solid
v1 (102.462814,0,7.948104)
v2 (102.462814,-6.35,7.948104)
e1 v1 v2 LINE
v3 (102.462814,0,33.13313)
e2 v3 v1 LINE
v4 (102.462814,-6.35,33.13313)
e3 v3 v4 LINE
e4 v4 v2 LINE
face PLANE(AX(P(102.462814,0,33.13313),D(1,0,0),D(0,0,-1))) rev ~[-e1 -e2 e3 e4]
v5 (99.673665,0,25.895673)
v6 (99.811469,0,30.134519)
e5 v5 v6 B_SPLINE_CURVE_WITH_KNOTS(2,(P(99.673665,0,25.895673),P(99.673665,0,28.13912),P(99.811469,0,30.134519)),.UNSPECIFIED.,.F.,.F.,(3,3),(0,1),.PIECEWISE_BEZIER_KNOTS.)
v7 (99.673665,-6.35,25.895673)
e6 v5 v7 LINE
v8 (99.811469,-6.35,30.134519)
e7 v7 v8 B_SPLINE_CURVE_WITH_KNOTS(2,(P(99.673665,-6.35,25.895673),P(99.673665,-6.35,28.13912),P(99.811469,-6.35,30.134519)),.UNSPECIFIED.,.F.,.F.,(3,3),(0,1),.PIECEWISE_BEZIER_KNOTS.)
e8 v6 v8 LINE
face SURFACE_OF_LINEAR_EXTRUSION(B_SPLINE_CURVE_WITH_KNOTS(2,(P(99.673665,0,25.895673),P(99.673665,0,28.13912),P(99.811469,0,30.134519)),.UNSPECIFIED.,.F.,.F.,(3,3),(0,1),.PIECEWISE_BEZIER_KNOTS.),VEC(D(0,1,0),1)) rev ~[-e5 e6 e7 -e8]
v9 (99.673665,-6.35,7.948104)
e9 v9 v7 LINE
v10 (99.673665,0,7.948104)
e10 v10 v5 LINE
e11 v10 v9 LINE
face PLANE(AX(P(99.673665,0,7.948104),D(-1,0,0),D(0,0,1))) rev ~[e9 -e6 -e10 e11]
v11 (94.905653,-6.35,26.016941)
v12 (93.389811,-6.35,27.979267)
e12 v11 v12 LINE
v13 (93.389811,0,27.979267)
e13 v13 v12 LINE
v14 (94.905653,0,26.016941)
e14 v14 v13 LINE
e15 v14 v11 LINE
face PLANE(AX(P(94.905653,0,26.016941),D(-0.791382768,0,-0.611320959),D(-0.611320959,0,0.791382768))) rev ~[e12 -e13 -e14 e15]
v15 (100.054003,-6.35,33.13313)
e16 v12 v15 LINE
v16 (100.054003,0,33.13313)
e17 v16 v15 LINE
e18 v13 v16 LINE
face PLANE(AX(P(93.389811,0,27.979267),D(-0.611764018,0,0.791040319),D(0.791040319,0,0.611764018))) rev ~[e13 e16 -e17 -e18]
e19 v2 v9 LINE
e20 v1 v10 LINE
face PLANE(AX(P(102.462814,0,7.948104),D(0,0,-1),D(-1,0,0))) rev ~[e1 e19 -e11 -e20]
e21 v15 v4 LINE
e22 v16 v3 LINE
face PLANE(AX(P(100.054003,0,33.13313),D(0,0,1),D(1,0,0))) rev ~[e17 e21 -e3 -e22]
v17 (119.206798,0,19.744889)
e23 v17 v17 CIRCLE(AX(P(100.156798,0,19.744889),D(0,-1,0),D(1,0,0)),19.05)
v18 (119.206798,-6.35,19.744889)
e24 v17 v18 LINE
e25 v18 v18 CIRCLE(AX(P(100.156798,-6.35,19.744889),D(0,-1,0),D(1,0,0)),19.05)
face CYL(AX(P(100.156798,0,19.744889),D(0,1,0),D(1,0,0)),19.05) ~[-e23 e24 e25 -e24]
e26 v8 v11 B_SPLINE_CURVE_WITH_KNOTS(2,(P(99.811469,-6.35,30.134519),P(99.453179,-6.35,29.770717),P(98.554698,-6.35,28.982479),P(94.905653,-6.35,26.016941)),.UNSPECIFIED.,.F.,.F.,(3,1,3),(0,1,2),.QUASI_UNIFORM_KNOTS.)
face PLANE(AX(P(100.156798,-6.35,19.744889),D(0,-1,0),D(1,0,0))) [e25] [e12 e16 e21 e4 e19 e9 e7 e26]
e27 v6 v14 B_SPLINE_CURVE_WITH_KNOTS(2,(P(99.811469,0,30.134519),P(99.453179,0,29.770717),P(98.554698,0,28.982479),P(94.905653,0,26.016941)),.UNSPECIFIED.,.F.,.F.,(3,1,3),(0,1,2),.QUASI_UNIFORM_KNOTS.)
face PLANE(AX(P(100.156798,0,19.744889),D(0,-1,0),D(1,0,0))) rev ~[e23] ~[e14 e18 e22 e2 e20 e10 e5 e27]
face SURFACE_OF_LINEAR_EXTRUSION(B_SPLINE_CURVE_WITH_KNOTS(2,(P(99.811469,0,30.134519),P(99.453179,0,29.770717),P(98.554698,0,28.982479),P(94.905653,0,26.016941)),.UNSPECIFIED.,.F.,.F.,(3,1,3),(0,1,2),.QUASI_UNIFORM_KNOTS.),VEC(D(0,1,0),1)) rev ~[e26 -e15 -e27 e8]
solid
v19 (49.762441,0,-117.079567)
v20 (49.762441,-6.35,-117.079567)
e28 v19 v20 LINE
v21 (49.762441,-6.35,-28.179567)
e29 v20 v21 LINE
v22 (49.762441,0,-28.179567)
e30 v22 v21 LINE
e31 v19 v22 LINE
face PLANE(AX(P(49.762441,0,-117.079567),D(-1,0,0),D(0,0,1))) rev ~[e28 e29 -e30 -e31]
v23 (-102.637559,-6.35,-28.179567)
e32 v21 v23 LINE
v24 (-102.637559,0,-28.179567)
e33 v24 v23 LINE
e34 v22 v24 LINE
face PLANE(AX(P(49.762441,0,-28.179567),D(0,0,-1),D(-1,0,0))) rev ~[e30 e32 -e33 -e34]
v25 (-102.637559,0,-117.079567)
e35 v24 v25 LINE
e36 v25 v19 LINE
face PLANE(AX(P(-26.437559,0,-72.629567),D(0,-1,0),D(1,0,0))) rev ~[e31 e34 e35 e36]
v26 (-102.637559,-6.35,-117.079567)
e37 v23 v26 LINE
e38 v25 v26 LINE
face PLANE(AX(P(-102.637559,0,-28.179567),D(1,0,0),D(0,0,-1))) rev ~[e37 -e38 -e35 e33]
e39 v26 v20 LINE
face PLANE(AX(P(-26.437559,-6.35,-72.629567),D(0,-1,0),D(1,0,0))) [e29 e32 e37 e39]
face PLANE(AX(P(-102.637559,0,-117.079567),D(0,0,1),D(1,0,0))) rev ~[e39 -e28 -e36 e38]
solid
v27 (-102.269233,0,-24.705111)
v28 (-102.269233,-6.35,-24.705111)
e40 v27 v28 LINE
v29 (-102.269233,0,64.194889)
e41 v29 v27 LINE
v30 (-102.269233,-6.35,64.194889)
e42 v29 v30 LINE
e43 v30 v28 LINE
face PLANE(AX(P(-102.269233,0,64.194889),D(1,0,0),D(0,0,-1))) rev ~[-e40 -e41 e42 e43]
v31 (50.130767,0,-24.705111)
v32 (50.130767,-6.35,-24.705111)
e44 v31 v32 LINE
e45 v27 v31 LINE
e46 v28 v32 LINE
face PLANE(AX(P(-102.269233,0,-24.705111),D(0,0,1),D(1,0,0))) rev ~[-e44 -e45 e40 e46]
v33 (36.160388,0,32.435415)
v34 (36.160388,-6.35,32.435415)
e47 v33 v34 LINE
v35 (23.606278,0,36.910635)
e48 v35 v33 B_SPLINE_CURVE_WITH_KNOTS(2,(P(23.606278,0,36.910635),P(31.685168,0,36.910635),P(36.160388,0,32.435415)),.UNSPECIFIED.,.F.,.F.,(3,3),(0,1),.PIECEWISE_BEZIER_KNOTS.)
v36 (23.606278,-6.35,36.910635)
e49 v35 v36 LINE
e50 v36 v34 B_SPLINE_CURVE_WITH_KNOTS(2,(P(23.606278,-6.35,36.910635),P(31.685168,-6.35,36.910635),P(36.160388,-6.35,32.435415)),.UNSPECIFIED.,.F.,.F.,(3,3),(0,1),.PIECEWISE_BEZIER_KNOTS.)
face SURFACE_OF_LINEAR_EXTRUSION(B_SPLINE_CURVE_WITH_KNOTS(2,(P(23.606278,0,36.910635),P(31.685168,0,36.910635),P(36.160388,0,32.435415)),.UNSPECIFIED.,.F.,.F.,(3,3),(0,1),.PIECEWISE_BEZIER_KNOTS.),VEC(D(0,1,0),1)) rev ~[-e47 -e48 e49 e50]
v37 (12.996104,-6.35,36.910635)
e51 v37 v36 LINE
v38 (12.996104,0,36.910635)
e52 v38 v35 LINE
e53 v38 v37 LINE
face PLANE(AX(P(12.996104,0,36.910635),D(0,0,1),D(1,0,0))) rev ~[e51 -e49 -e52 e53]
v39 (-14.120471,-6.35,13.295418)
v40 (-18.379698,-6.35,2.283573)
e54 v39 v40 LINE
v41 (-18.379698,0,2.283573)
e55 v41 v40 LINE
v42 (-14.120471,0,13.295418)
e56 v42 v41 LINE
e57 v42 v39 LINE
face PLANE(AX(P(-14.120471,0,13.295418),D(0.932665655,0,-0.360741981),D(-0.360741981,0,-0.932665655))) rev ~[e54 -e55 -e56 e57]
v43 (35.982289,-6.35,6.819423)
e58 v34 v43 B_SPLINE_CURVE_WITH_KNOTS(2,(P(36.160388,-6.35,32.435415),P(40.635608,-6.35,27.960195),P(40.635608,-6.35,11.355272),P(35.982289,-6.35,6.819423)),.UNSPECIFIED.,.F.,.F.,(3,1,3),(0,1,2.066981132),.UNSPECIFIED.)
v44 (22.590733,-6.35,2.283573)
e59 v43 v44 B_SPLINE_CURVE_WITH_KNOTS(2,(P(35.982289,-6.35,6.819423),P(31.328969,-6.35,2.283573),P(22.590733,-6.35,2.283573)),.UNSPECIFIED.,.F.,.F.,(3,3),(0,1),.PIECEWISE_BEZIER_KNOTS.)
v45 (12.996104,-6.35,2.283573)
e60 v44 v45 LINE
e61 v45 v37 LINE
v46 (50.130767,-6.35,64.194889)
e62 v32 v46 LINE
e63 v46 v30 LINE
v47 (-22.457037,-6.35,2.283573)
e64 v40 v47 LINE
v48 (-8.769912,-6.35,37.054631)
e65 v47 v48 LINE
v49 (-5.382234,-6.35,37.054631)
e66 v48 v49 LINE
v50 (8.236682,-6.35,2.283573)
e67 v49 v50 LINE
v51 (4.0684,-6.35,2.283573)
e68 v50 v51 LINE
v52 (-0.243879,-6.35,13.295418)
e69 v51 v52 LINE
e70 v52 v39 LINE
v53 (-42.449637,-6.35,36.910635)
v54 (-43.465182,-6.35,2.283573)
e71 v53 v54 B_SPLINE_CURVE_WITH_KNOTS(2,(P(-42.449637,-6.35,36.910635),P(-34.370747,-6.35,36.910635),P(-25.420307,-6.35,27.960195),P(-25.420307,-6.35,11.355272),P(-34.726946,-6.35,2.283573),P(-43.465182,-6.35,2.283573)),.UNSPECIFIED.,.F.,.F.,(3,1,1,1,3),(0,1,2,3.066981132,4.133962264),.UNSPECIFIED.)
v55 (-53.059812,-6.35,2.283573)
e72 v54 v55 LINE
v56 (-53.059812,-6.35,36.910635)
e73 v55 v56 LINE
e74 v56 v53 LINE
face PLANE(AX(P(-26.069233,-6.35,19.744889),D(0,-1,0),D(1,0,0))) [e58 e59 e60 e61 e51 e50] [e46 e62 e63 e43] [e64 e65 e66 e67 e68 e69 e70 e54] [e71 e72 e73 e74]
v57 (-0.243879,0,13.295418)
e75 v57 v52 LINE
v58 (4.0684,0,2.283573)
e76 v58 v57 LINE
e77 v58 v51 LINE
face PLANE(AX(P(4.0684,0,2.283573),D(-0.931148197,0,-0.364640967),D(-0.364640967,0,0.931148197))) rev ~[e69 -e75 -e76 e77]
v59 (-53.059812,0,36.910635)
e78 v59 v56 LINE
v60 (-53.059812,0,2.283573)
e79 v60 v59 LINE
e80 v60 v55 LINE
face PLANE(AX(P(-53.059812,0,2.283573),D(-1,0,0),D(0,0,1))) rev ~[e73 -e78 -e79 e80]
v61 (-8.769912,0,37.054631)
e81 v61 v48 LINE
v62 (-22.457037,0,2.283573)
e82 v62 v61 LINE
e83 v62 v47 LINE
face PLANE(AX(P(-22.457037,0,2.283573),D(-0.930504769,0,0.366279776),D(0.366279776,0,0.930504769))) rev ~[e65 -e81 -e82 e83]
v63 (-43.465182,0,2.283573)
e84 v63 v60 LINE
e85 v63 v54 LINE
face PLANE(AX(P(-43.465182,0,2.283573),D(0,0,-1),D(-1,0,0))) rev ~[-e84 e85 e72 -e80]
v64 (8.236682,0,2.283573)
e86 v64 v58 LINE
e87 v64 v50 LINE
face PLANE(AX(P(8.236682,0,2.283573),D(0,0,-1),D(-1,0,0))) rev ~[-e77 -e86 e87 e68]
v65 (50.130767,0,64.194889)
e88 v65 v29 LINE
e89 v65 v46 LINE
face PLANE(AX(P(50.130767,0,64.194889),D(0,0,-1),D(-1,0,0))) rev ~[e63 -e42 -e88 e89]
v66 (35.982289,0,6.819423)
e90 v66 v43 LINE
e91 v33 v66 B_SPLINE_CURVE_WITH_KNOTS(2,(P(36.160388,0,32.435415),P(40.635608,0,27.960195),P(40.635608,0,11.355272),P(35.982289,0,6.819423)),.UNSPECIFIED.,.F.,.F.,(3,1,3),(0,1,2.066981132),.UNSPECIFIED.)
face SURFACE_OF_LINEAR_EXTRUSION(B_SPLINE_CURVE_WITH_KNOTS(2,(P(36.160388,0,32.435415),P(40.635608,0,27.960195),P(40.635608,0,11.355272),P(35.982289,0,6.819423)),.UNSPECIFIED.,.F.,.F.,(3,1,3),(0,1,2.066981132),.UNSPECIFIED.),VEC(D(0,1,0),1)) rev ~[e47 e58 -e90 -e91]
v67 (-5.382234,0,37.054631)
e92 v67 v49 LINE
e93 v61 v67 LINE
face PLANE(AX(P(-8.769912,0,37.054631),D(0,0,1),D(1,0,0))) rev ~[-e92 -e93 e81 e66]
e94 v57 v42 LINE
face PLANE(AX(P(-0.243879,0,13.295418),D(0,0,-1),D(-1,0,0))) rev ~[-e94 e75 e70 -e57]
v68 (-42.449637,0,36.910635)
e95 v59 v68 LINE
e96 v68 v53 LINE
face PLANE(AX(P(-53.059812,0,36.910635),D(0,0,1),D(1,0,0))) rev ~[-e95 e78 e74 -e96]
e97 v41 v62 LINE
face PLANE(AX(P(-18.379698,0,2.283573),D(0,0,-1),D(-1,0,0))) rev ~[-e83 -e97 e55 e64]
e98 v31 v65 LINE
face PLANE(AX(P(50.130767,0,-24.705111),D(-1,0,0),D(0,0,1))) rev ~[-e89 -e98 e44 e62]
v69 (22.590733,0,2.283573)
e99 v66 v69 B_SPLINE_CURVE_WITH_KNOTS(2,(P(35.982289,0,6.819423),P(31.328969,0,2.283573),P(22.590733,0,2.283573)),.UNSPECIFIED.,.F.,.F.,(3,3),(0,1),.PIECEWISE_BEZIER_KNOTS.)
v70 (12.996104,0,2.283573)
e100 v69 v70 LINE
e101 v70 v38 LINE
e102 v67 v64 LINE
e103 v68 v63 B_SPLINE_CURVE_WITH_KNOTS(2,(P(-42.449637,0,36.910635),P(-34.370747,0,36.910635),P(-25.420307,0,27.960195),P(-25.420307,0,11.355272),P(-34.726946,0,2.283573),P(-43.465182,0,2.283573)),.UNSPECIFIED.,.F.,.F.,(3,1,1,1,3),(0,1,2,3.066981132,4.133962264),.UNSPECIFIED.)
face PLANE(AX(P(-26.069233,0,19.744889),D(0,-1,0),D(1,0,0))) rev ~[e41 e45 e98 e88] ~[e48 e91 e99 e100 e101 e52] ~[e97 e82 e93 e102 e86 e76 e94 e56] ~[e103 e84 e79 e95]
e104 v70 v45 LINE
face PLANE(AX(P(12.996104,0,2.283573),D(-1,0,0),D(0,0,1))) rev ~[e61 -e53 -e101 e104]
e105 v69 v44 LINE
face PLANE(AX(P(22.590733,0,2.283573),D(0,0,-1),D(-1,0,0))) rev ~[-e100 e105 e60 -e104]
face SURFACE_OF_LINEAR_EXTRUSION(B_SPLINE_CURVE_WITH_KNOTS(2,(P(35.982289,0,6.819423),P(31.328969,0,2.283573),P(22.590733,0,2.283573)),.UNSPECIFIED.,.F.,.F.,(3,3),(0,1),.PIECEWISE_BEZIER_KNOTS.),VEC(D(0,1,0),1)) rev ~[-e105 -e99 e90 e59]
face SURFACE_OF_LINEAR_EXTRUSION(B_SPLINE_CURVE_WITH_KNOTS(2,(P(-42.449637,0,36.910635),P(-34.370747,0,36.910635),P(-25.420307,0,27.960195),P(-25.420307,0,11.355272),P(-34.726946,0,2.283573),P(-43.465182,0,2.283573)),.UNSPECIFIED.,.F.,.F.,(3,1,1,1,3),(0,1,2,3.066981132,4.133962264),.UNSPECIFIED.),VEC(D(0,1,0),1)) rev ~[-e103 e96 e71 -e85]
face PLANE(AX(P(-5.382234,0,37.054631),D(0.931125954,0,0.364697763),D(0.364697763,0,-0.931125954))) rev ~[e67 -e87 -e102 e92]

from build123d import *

# Parameters (mm, degrees)
F0_R     = 19.05
F1_DEPTH = 6.35
F2_DEPTH = 6.35
F3_DEPTH = 6.35


with BuildPart() as f1:
    # F0 (on Front) → F1 (new body)
    with BuildSketch(Plane.XZ):
        with Locations((100.1567976203, 19.7448887793)):
            Circle(F0_R)
        with BuildLine():
            Line((102.462814241, 33.1331300803), (102.462814241, 7.9481040387))
            Line((102.462814241, 7.9481040387), (99.6736649354, 7.9481040387))
            Line((99.6736649354, 7.9481040387), (99.6736649354, 25.8956734831))
            add(Edge.make_bspline(
                [(99.6736649354, 25.8956734831), (99.6736649354, 28.1391196637), (99.8114687549, 30.1345189692)],
                knots=[0, 0, 0, 1, 1, 1], degree=2))
            add(Edge.make_bspline(
                [(99.8114687549, 30.1345189692), (99.4531788243, 29.7707168859), (99.0039383729, 29.3765979623)],
                knots=[0, 0, 0, 1, 1, 1], degree=2))
            add(Edge.make_bspline(
                [(99.0039383729, 29.3765979623), (98.5546979215, 28.9824790387), (94.9056527827, 26.0169408442)],
                knots=[0, 0, 0, 1, 1, 1], degree=2))
            Line((94.9056527827, 26.0169408442), (93.3898107688, 27.9792672331))
            Line((93.3898107688, 27.9792672331), (100.0540034771, 33.1331300803))
            Line((100.0540034771, 33.1331300803), (102.462814241, 33.1331300803))
        make_face(mode=Mode.SUBTRACT)
    extrude(amount=F1_DEPTH)


with BuildPart() as f2:
    # F0 (on Front) → F2 (new body)
    with BuildSketch(Plane.XZ):
        Polygon((50.1307671558, 64.1948887793), (-7.0192328442, 64.1948887793), (-102.2692328442, 64.1948887793), (-102.2692328442, -24.7051112207), (-7.0192328442, -24.7051112207), (50.1307671558, -24.7051112207), align=None)
        with BuildLine():
            add(Edge.make_bspline(
                [(-29.8955270409, 32.4354154092), (-25.4203069902, 27.9601953585), (-25.4203069902, 19.9267774859)],
                knots=[0, 0, 0, 1, 1, 1], degree=2))
            add(Edge.make_bspline(
                [(-25.4203069902, 19.9267774859), (-25.4203069902, 11.3552721898), (-30.0736263994, 6.8194225702)],
                knots=[0, 0, 0, 1, 1, 1], degree=2))
            add(Edge.make_bspline(
                [(-30.0736263994, 6.8194225702), (-34.7269458086, 2.2835729506), (-43.4651824191, 2.2835729506)],
                knots=[0, 0, 0, 1, 1, 1], degree=2))
            Line((-43.4651824191, 2.2835729506), (-53.0598116895, 2.2835729506))
            Line((-53.0598116895, 2.2835729506), (-53.0598116895, 36.9106354599))
            Line((-53.0598116895, 36.9106354599), (-42.4496371408, 36.9106354599))
            add(Edge.make_bspline(
                [(-42.4496371408, 36.9106354599), (-34.3707470916, 36.9106354599), (-29.8955270409, 32.4354154092)],
                knots=[0, 0, 0, 1, 1, 1], degree=2))
        make_face(mode=Mode.SUBTRACT)
        Polygon((8.2366824176, 2.2835729506), (4.0683995592, 2.2835729506), (-0.2438785253, 13.295418393), (-14.1204710958, 13.295418393), (-18.3796983075, 2.2835729506), (-22.4570368126, 2.2835729506), (-8.7699116448, 37.054630686), (-5.3822344853, 37.054630686), align=None, mode=Mode.SUBTRACT)
        with BuildLine():
            add(Edge.make_bspline(
                [(36.1603882209, 32.4354154092), (40.6356082717, 27.9601953585), (40.6356082717, 19.9267774859)],
                knots=[0, 0, 0, 1, 1, 1], degree=2))
            add(Edge.make_bspline(
                [(40.6356082717, 19.9267774859), (40.6356082717, 11.3552721898), (35.9822888625, 6.8194225702)],
                knots=[0, 0, 0, 1, 1, 1], degree=2))
            add(Edge.make_bspline(
                [(35.9822888625, 6.8194225702), (31.3289694532, 2.2835729506), (22.5907328428, 2.2835729506)],
                knots=[0, 0, 0, 1, 1, 1], degree=2))
            Line((22.5907328428, 2.2835729506), (12.9961035723, 2.2835729506))
            Line((12.9961035723, 2.2835729506), (12.9961035723, 36.9106354599))
            Line((12.9961035723, 36.9106354599), (23.606278121, 36.9106354599))
            add(Edge.make_bspline(
                [(23.606278121, 36.9106354599), (31.6851681702, 36.9106354599), (36.1603882209, 32.4354154092)],
                knots=[0, 0, 0, 1, 1, 1], degree=2))
        make_face(mode=Mode.SUBTRACT)
    extrude(amount=F2_DEPTH)


with BuildPart() as f3:
    # F0 (on Front) → F3 (new body)
    with BuildSketch(Plane.XZ):
        Polygon((49.7624414408, -28.1795670637), (-7.3875585592, -28.1795670637), (-102.6375585592, -28.1795670637), (-102.6375585592, -117.0795670637), (49.7624414408, -117.0795670637), align=None)
    extrude(amount=F3_DEPTH)


solid = Compound([f1.part, f2.part, f3.part])
